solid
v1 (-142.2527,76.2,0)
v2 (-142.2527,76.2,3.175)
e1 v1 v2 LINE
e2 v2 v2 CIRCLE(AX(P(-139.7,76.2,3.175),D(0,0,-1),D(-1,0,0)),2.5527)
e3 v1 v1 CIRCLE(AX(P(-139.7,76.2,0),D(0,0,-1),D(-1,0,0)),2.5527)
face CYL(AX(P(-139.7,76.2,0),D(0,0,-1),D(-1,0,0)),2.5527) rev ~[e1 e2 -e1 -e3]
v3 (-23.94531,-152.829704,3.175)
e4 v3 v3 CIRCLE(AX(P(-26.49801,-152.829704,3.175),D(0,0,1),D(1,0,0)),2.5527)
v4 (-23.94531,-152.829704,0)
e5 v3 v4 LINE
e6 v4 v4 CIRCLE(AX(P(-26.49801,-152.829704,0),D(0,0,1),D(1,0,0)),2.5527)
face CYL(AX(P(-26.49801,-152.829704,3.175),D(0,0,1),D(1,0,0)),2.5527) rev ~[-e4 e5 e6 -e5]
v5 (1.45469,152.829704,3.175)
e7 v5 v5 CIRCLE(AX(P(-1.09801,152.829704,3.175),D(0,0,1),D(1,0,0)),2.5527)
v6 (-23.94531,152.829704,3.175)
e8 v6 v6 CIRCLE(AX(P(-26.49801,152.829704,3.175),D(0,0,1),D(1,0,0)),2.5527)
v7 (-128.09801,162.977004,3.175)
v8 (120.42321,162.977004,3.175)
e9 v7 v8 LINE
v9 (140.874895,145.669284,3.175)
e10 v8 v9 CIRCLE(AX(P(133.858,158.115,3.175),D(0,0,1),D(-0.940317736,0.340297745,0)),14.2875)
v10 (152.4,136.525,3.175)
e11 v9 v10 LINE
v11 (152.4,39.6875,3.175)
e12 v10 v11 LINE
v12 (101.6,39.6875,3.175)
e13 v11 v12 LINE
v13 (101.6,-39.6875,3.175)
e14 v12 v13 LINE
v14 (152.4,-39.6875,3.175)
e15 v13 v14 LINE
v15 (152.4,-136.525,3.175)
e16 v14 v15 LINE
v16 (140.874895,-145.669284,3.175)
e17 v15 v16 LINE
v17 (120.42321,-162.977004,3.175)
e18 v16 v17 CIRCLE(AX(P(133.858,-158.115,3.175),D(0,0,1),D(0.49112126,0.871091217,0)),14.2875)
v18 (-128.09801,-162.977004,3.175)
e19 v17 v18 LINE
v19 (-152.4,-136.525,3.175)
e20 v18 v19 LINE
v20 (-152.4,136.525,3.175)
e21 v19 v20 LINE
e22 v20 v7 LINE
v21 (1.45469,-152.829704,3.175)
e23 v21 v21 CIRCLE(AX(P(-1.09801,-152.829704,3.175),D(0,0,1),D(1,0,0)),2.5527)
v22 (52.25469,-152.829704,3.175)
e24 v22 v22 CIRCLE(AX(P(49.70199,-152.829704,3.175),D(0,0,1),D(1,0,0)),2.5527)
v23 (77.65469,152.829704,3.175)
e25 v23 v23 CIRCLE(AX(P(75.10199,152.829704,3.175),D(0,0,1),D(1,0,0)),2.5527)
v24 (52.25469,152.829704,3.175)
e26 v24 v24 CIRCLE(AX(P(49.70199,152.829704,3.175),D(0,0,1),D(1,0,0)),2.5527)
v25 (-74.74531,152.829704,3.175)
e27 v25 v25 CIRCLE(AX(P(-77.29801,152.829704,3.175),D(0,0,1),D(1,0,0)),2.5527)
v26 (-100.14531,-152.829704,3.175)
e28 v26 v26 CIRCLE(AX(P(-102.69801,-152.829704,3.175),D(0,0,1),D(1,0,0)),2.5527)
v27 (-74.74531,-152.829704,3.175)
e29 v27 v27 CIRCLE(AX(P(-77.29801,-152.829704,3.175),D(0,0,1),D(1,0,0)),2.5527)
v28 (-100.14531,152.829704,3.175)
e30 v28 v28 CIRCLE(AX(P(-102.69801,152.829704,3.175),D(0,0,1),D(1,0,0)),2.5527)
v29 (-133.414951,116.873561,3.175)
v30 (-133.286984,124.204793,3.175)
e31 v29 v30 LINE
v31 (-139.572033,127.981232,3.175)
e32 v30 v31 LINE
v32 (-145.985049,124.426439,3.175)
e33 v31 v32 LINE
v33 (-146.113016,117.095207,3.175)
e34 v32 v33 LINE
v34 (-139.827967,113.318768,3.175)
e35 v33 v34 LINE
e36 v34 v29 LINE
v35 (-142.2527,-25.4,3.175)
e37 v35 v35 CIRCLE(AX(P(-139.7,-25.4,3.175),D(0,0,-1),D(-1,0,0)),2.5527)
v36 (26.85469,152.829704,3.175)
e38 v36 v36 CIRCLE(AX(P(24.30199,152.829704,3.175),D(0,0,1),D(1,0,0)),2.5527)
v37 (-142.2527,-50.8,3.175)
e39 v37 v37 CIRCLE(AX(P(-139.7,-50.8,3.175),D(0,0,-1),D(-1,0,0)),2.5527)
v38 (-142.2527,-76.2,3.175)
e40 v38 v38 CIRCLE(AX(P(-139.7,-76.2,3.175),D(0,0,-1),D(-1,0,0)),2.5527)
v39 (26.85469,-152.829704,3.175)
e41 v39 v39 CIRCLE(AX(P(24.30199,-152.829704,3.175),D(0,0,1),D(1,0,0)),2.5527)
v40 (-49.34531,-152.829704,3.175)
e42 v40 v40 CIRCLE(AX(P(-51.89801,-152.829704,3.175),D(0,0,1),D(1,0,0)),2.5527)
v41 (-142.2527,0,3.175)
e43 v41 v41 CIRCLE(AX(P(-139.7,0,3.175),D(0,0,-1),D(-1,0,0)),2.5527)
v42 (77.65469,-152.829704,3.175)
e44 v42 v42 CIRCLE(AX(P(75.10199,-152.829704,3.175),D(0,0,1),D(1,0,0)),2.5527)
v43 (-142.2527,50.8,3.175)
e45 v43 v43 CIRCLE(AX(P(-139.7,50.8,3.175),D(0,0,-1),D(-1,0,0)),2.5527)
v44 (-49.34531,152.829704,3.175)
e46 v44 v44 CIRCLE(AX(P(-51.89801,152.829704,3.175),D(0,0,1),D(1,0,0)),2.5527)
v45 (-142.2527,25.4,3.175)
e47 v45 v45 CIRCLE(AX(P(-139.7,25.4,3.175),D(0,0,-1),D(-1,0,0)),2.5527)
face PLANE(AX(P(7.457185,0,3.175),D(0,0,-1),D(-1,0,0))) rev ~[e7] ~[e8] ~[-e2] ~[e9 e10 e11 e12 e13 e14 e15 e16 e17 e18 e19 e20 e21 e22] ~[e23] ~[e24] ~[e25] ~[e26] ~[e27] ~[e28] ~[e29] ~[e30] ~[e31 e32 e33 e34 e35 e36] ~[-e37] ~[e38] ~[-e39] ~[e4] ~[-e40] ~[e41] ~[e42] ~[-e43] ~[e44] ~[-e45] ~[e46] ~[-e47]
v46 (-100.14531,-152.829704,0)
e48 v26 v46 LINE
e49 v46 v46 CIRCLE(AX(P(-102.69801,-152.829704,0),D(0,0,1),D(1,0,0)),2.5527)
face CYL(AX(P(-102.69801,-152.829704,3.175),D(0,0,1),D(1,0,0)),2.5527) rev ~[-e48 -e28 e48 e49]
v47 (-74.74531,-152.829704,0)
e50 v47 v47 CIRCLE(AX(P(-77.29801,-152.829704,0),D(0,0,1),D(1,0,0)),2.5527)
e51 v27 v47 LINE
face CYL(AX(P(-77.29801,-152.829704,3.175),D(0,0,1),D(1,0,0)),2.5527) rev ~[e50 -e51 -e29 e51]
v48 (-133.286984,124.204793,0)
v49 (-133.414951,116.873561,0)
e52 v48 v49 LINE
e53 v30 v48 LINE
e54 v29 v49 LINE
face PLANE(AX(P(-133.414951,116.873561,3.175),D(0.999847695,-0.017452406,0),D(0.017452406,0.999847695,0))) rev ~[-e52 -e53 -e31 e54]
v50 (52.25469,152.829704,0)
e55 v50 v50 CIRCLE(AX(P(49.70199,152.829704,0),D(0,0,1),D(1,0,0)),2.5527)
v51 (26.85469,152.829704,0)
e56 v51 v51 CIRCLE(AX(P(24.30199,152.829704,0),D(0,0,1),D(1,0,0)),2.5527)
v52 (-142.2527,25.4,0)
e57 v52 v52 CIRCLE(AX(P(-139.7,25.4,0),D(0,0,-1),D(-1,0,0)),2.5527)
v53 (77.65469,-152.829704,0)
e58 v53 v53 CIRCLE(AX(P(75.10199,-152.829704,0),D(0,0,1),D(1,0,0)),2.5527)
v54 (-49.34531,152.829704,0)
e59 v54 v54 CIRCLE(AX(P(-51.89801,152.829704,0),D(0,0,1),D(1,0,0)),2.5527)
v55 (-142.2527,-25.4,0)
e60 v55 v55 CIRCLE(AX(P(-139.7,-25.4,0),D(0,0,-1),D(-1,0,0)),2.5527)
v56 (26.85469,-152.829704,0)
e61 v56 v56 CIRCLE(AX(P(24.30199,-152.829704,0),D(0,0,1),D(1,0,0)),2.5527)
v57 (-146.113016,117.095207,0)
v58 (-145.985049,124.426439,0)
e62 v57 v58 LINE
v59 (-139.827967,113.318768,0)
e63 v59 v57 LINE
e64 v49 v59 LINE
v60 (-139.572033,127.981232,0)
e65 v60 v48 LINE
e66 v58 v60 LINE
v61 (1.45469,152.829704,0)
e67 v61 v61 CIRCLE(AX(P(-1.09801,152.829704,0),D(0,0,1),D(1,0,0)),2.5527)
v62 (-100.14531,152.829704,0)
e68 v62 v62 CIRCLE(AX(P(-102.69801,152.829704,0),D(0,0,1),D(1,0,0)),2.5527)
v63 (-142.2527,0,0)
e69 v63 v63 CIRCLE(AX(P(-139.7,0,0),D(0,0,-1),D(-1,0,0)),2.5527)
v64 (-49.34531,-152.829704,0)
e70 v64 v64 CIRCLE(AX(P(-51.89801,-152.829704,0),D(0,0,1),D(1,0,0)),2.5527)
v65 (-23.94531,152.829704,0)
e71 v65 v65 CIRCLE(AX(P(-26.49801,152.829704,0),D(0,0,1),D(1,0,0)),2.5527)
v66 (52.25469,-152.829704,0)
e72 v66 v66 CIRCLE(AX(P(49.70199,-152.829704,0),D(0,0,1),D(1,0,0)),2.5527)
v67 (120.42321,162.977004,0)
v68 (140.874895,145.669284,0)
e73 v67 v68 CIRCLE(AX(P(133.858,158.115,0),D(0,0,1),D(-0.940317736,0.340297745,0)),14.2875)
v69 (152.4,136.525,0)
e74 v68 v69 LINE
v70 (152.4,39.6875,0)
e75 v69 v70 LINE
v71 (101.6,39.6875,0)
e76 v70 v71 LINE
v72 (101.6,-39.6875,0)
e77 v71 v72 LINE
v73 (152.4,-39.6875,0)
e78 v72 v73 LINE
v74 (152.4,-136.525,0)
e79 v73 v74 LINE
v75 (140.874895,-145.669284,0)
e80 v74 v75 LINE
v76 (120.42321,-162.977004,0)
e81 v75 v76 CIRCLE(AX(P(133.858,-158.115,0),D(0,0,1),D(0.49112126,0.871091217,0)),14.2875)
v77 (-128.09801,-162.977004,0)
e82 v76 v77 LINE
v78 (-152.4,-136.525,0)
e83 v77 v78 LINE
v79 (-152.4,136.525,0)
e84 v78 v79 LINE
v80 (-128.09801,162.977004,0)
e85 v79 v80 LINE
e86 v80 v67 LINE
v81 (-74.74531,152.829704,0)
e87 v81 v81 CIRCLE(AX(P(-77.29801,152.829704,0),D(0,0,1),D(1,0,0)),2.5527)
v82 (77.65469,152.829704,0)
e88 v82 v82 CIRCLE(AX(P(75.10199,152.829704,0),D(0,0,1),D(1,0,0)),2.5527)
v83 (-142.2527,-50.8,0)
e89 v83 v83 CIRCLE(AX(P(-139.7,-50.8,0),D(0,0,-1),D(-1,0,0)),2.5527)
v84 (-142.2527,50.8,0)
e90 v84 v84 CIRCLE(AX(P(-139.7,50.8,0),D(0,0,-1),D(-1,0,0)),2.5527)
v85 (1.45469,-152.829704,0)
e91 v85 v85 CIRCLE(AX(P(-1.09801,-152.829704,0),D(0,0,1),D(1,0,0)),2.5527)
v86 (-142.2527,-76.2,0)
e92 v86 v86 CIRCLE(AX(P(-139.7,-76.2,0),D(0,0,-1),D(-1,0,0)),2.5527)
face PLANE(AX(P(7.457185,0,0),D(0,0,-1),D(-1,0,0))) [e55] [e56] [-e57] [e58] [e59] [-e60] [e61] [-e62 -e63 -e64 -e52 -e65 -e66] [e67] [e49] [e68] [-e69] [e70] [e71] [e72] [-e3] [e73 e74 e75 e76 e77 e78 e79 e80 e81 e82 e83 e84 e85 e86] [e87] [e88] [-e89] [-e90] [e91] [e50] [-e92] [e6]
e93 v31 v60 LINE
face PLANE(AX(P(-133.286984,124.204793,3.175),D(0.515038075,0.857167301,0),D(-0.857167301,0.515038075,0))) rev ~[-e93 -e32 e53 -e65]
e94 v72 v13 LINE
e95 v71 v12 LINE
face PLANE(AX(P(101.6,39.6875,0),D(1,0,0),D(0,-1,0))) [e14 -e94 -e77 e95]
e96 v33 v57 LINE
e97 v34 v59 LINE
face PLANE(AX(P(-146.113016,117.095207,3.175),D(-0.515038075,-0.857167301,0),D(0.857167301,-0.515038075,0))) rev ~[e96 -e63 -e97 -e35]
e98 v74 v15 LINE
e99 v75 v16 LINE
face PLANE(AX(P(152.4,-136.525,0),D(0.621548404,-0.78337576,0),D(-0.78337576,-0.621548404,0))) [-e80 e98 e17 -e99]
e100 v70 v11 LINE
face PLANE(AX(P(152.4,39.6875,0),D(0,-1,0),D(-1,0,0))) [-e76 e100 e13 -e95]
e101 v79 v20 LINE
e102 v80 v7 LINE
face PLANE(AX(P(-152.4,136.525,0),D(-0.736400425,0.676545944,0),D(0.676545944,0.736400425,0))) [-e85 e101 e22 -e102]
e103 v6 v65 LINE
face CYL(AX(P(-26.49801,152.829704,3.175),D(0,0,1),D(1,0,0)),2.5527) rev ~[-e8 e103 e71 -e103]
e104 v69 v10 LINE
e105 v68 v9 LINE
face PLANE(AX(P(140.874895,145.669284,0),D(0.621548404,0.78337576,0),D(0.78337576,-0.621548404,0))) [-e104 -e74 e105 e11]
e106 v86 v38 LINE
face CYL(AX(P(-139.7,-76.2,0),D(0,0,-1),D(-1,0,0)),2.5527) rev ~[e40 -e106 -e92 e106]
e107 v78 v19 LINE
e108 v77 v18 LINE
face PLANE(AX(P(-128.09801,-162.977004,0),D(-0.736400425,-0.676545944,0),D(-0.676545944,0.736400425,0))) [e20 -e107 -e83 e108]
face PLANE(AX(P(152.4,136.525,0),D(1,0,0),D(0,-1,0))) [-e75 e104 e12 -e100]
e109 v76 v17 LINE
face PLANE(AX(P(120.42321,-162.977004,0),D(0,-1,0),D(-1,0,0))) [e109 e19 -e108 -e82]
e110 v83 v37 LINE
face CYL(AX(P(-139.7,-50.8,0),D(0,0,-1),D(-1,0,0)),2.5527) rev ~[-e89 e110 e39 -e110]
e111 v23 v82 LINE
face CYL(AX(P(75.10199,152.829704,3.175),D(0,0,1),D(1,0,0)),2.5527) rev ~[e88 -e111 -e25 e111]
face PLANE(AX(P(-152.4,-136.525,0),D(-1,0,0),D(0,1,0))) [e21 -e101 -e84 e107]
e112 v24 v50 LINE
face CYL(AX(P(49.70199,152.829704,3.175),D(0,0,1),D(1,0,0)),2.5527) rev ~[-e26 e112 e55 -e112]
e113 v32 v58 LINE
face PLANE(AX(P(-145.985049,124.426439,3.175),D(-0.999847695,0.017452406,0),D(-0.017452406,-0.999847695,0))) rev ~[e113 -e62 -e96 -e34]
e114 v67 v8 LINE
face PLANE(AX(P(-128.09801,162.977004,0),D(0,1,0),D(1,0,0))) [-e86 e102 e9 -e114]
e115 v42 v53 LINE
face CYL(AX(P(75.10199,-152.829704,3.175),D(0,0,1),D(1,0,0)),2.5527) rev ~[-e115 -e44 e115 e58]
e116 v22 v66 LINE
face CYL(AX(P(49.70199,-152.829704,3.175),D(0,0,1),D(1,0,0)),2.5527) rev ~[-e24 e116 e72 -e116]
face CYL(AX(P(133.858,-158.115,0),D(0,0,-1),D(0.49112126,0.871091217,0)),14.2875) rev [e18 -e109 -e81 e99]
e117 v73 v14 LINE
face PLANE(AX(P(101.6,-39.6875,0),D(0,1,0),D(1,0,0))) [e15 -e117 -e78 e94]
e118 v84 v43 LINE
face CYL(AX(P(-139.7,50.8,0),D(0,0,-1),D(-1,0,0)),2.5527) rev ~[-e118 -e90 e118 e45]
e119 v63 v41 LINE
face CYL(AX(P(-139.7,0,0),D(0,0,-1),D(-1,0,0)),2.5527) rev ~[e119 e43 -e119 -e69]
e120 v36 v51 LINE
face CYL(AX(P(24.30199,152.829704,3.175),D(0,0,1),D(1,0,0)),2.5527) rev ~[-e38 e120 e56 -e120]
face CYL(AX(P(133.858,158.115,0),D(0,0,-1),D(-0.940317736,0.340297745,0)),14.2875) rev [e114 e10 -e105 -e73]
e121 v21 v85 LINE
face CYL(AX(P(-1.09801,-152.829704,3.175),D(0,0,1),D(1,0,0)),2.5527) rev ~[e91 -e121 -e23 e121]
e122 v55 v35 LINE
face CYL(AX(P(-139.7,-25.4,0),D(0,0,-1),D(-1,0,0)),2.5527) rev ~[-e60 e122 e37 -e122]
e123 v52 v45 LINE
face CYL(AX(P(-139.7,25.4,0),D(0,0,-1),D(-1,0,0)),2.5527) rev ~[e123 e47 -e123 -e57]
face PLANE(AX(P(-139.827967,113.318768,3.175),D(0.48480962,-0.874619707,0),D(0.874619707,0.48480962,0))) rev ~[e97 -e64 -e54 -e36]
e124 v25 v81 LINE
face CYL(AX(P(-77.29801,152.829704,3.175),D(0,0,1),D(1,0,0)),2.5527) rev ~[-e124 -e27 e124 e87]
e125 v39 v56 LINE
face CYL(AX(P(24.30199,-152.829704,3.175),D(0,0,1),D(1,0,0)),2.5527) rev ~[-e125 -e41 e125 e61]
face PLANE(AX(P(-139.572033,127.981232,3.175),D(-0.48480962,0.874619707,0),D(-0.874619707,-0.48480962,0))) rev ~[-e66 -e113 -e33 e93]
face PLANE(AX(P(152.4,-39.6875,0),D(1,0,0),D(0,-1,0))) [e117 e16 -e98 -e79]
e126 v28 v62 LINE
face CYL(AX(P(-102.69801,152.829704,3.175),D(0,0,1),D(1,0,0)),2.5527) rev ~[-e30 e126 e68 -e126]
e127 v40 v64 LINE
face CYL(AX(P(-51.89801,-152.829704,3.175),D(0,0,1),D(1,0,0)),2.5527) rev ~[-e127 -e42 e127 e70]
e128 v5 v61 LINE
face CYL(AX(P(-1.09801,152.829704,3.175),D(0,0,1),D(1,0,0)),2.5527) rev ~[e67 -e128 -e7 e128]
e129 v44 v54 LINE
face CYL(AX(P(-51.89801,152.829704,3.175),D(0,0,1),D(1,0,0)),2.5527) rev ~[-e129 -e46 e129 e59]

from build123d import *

# Parameters (mm, degrees)
BOSS_EXTRUDE1_DEPTH = 3.175
SKETCH2_R           = 2.5527
CUT_EXTRUDE1_DEPTH  = 4.175
CUT_EXTRUDE2_DEPTH  = 4.175
SKETCH4_R           = 2.5527
CUT_EXTRUDE3_DEPTH  = 4.175


with BuildPart() as part:
    # Sketch1 → Boss-Extrude1 (new body)
    with BuildSketch(Plane.XY):
        with BuildLine():
            Line((-152.4, 136.525), (-128.098009656, 162.977004026))
            Line((-128.098009656, 162.977004026), (120.423210344, 162.977004026))
            ThreePointArc((120.423210344, 162.977004026), (124.628339443, 147.208762232), (140.874895001, 145.669284239))
            Line((140.874895001, 145.669284239), (152.4, 136.525))
            Line((152.4, 136.525), (152.4, 39.6875))
            Line((152.4, 39.6875), (101.6, 39.6875))
            Line((101.6, 39.6875), (101.6, -39.6875))
            Line((101.6, -39.6875), (152.4, -39.6875))
            Line((152.4, -39.6875), (152.4, -136.525))
            Line((152.4, -136.525), (140.874895001, -145.669284239))
            ThreePointArc((140.874895001, -145.669284239), (124.628339443, -147.208762232), (120.423210344, -162.977004026))
            Line((120.423210344, -162.977004026), (-128.098009656, -162.977004026))
            Line((-128.098009656, -162.977004026), (-152.4, -136.525))
            Line((-152.4, -136.525), (-152.4, 136.525))
        make_face()
    extrude(amount=BOSS_EXTRUDE1_DEPTH)

    # Sketch2 → Cut-Extrude1 (cut, through all)
    with BuildSketch(Plane.XY.offset(3.175)):
        with Locations((-102.698009656, 152.829704026)):
            Circle(SKETCH2_R)
        with Locations((-77.298009656, 152.829704026)):
            Circle(SKETCH2_R)
        with Locations((-51.898009656, 152.829704026)):
            Circle(SKETCH2_R)
        with Locations((-26.498009656, 152.829704026)):
            Circle(SKETCH2_R)
        with Locations((-1.098009656, 152.829704026)):
            Circle(SKETCH2_R)
        with Locations((24.301990344, 152.829704026)):
            Circle(SKETCH2_R)
        with Locations((49.701990344, 152.829704026)):
            Circle(SKETCH2_R)
        with Locations((75.101990344, 152.829704026)):
            Circle(SKETCH2_R)
        with Locations((-51.898009656, -152.829704026)):
            Circle(SKETCH2_R)
        with Locations((-77.298009656, -152.829704026)):
            Circle(SKETCH2_R)
        with Locations((-102.698009656, -152.829704026)):
            Circle(SKETCH2_R)
        with Locations((-26.498009656, -152.829704026)):
            Circle(SKETCH2_R)
        with Locations((-1.098009656, -152.829704026)):
            Circle(SKETCH2_R)
        with Locations((24.301990344, -152.829704026)):
            Circle(SKETCH2_R)
        with Locations((49.701990344, -152.829704026)):
            Circle(SKETCH2_R)
        with Locations((75.101990344, -152.829704026)):
            Circle(SKETCH2_R)
    extrude(amount=-CUT_EXTRUDE1_DEPTH, mode=Mode.SUBTRACT)

    # Sketch3 → Cut-Extrude2 (cut, through all)
    with BuildSketch(Plane.XY.offset(3.175)):
        Polygon((-133.286983573, 124.204793052), (-139.572032875, 127.981231667), (-145.985049302, 124.426438614), (-146.113016427, 117.095206948), (-139.827967125, 113.318768333), (-133.414950698, 116.873561386), align=None)
    extrude(amount=-CUT_EXTRUDE2_DEPTH, mode=Mode.SUBTRACT)

    # Sketch4 → Cut-Extrude3 (cut, through all)
    with BuildSketch(Plane(origin=(0, 0, 0), x_dir=(-1, 0, 0), z_dir=(0, 0, -1))):
        with Locations((139.7, 76.2)):
            Circle(SKETCH4_R)
        with Locations((139.7, 50.8)):
            Circle(SKETCH4_R)
        with Locations((139.7, 25.4)):
            Circle(SKETCH4_R)
        with Locations((139.7, 0)):
            Circle(SKETCH4_R)
        with Locations((139.7, -25.4)):
            Circle(SKETCH4_R)
        with Locations((139.7, -50.8)):
            Circle(SKETCH4_R)
        with Locations((139.7, -76.2)):
            Circle(SKETCH4_R)
    extrude(amount=-CUT_EXTRUDE3_DEPTH, mode=Mode.SUBTRACT)


solid = part.part
